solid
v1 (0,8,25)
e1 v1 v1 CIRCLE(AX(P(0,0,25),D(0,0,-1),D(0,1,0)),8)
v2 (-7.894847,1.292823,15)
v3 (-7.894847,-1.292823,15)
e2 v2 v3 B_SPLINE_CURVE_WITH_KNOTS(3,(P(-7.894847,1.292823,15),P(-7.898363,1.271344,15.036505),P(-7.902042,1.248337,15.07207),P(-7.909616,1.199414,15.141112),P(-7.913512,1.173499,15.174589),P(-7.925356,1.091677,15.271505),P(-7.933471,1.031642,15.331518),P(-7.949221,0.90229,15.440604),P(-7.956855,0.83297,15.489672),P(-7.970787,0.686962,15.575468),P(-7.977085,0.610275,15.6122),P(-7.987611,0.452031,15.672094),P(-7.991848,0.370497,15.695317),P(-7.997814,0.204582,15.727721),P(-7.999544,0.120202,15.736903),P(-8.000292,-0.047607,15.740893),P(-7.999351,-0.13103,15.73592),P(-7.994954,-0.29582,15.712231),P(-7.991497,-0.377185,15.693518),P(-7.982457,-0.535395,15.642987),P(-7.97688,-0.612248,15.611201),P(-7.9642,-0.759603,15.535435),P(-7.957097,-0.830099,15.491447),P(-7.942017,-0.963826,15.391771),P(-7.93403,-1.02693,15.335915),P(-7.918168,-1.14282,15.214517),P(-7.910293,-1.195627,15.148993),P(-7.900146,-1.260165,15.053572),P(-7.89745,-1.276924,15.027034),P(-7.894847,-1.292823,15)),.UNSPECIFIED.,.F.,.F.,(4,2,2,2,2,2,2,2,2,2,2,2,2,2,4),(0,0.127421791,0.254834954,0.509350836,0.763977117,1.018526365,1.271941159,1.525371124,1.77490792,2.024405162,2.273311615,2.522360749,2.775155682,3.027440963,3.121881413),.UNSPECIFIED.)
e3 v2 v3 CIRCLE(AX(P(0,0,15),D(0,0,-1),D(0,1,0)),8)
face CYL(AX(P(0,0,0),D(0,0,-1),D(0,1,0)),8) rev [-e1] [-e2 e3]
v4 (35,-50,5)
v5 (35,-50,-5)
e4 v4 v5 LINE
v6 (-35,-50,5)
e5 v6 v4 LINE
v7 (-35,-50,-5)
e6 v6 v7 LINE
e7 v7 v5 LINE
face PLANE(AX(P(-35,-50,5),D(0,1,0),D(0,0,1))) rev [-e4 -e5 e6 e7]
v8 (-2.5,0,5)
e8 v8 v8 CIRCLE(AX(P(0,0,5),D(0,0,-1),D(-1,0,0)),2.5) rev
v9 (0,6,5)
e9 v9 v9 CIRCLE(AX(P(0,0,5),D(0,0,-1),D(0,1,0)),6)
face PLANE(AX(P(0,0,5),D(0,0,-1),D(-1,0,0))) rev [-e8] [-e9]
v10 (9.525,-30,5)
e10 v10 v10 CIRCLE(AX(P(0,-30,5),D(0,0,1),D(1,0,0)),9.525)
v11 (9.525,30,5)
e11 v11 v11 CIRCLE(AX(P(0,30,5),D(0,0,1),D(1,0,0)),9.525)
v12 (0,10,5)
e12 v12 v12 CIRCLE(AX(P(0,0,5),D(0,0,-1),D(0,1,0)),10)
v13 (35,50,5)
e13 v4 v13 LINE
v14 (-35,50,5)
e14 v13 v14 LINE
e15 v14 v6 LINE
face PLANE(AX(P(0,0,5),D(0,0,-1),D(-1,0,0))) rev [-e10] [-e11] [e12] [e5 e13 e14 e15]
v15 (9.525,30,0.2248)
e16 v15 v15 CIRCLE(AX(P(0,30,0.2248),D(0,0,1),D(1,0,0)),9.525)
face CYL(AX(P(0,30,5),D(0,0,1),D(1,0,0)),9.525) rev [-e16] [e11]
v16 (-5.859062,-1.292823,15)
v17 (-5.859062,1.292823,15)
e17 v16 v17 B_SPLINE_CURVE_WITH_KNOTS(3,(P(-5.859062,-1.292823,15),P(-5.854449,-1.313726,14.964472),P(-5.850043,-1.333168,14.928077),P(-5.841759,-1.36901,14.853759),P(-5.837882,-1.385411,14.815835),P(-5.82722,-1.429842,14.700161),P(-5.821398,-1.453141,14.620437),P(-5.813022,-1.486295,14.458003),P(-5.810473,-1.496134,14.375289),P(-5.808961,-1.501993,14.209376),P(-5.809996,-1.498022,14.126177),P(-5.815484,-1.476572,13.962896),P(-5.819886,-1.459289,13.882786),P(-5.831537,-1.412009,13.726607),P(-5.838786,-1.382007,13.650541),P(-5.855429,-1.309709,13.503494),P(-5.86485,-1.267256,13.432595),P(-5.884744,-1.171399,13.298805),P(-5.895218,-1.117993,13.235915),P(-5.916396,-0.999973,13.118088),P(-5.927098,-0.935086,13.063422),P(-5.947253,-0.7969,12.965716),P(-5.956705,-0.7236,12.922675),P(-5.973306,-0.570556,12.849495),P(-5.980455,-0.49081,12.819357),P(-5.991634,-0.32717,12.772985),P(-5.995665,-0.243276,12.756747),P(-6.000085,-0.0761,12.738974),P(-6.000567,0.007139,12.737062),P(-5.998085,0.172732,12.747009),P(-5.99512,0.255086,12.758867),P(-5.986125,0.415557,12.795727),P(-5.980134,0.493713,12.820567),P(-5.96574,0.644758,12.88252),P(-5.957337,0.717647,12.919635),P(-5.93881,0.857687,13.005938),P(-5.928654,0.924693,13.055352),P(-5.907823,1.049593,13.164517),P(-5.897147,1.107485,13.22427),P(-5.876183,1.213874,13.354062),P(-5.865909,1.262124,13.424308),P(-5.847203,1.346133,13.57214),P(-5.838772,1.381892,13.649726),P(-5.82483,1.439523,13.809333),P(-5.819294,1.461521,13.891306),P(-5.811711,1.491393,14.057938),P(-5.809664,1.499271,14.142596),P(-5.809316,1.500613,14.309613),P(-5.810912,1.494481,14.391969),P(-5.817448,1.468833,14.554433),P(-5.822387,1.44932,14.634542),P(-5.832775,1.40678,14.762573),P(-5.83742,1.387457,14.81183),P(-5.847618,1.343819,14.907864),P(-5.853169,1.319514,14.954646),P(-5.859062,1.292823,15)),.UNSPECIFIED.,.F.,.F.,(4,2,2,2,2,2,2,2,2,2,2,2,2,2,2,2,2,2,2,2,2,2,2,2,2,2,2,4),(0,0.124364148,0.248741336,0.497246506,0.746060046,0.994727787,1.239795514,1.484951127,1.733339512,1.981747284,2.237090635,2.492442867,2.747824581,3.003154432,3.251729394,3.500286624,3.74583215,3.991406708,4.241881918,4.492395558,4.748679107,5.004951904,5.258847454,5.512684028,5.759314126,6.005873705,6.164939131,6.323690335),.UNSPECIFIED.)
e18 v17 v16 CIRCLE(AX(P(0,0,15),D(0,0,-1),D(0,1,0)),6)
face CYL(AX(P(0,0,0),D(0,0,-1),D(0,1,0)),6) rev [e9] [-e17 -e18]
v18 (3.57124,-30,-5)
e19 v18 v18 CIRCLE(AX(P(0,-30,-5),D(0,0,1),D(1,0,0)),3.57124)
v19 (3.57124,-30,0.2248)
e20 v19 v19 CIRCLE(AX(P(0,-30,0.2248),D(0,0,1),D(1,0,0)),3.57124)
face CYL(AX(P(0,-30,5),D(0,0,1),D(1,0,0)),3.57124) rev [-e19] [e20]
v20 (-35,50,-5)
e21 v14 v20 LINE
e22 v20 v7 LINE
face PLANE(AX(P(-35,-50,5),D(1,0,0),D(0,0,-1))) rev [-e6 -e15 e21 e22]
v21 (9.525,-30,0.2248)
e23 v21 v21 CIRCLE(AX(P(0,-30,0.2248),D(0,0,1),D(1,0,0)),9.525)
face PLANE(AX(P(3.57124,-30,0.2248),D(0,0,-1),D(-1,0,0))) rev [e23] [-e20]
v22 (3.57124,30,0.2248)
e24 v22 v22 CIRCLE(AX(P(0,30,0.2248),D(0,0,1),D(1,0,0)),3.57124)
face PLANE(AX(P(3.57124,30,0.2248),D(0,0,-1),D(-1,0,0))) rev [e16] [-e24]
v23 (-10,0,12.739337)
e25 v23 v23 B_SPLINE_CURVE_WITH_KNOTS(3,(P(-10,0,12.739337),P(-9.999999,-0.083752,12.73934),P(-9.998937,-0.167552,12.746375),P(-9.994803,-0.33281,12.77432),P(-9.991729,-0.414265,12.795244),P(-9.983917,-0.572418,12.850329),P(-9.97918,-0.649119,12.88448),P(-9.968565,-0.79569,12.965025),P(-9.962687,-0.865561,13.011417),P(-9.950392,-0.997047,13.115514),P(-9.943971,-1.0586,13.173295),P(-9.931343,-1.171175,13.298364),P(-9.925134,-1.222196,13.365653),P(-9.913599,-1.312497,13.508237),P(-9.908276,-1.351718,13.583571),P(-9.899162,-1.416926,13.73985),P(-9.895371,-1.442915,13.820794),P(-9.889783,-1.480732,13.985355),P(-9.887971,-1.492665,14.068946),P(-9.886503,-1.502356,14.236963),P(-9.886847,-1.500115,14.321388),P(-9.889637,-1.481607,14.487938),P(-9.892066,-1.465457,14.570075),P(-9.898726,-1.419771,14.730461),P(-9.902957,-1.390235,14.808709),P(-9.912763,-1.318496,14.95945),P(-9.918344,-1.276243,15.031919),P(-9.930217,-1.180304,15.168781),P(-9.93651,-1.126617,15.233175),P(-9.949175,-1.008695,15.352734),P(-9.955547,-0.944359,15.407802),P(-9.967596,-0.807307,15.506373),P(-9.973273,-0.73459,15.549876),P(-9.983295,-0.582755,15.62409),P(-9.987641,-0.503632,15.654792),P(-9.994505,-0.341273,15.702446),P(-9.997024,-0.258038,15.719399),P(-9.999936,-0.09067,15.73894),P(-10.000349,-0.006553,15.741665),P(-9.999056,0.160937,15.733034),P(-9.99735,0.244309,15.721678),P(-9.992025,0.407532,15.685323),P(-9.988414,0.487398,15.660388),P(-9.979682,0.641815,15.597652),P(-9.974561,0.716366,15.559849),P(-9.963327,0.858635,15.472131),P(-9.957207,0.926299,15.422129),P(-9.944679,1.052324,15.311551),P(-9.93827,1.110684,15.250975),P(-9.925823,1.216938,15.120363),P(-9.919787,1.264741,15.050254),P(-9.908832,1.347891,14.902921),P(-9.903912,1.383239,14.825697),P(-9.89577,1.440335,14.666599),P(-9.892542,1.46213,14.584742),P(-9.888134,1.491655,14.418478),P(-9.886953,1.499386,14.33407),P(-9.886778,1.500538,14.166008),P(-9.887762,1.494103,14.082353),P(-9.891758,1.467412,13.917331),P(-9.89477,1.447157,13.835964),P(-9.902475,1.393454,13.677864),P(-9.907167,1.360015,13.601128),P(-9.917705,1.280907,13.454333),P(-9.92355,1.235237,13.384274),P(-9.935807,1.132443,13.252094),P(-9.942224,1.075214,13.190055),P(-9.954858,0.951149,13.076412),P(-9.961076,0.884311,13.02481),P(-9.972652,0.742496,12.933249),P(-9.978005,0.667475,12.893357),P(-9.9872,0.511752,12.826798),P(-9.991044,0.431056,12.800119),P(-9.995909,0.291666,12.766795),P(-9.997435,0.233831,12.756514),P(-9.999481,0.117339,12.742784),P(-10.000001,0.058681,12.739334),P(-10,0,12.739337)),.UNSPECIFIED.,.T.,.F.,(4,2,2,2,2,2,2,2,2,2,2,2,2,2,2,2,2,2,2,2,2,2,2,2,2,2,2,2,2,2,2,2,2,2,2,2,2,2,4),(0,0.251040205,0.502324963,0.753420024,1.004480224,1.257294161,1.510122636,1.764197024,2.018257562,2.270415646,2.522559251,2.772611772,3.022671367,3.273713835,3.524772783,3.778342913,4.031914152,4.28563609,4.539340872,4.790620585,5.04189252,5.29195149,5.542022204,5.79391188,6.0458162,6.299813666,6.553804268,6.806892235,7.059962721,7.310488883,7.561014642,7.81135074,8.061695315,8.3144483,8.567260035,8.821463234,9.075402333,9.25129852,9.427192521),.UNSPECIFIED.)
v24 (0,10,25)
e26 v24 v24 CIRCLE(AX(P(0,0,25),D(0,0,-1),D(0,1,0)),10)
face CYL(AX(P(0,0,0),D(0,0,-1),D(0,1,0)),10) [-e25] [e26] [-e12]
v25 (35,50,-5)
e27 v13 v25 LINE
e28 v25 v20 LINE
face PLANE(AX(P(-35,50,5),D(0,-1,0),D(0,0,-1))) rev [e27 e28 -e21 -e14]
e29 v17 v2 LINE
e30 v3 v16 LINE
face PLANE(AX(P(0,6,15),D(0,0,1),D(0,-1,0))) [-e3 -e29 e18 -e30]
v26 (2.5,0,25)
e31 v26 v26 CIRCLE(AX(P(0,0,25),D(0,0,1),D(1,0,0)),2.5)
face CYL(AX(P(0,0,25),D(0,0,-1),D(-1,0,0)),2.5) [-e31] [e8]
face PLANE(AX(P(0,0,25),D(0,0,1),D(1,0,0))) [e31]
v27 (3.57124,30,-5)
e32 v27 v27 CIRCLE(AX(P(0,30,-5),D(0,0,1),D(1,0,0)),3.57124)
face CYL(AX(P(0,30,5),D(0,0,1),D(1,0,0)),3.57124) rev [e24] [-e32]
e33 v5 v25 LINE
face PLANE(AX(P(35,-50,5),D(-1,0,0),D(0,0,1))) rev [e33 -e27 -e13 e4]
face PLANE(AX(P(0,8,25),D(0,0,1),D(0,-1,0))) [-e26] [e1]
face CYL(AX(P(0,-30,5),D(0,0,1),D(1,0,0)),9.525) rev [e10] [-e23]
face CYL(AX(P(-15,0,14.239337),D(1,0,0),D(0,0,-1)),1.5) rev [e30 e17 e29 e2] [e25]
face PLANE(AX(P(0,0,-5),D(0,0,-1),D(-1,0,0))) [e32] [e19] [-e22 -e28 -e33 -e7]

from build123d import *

# Parameters (mm, degrees)
SKETCH1_W                                = 70
SKETCH1_H                                = 100
BOSS_EXTRUDE1_DEPTH                      = 5
SKETCH3_R                                = 2.5
BOSS_EXTRUDE2_DEPTH                      = 20
CBORE_FOR_1_4_HEX_HEAD_BOLT1_D           = 7.14248
CBORE_FOR_1_4_HEX_HEAD_BOLT1_CBORE_D     = 19.05
CBORE_FOR_1_4_HEX_HEAD_BOLT1_CBORE_DEPTH = 4.7752
CIRPATTERN2_COUNT                        = 2
SKETCH8_R                                = 1.5
CUT_EXTRUDE2_DEPTH                       = 10


with BuildPart() as part:
    # Sketch1 → Boss-Extrude1 (new, symmetric)
    with BuildSketch(Plane.XY):
        Rectangle(SKETCH1_W, SKETCH1_H)
    extrude(amount=BOSS_EXTRUDE1_DEPTH, both=True)

    # Sketch3 → Boss-Extrude2 (add)
    with BuildSketch(Plane.XY.offset(5)):
        with Locations(Location((0, 0, 0), (0, 0, 180))):
            Circle(SKETCH3_R)
    extrude(amount=BOSS_EXTRUDE2_DEPTH)

    # Sketch5 → Revolve1 (revolve)
    with BuildSketch(Plane(origin=(0, 0, 0), x_dir=(0, 0, -1), z_dir=(1, 0, 0))):
        Polygon((-5, 6), (-15, 6), (-15, 8), (-25, 8), (-25, 10), (-5, 10), align=None)
    revolve(axis=Axis((0, 0, 0), (0, 0, 1)))

    # CBORE for 1/4 Hex Head Bolt1 (through all)
    with Locations(Plane(origin=(0, 30, 5), x_dir=(1, 0, 0), z_dir=(0, 0, 1))):
        with Locations((0, 0)):
            cbore_for_1_4_hex_head_bolt1 = CounterBoreHole(CBORE_FOR_1_4_HEX_HEAD_BOLT1_D / 2, CBORE_FOR_1_4_HEX_HEAD_BOLT1_CBORE_D / 2, CBORE_FOR_1_4_HEX_HEAD_BOLT1_CBORE_DEPTH)

    # CirPattern2: CBORE for 1/4 Hex Head Bolt1 ×2 about axis
    cirpattern2_axis = Axis((0, 0, 0), (0, 0, 1))
    for i in range(1, CIRPATTERN2_COUNT):
        add(cbore_for_1_4_hex_head_bolt1.rotate(cirpattern2_axis, i * 360 / CIRPATTERN2_COUNT), mode=Mode.SUBTRACT)

    # Sketch8 → Cut-Extrude2 (cut)
    with BuildSketch(Plane(origin=(-5, 0, 0), x_dir=(0, 0, -1), z_dir=(1, 0, 0))):
        with Locations((-14.239336727, 0)):
            Circle(SKETCH8_R)
    extrude(amount=-CUT_EXTRUDE2_DEPTH, mode=Mode.SUBTRACT)


solid = part.part
